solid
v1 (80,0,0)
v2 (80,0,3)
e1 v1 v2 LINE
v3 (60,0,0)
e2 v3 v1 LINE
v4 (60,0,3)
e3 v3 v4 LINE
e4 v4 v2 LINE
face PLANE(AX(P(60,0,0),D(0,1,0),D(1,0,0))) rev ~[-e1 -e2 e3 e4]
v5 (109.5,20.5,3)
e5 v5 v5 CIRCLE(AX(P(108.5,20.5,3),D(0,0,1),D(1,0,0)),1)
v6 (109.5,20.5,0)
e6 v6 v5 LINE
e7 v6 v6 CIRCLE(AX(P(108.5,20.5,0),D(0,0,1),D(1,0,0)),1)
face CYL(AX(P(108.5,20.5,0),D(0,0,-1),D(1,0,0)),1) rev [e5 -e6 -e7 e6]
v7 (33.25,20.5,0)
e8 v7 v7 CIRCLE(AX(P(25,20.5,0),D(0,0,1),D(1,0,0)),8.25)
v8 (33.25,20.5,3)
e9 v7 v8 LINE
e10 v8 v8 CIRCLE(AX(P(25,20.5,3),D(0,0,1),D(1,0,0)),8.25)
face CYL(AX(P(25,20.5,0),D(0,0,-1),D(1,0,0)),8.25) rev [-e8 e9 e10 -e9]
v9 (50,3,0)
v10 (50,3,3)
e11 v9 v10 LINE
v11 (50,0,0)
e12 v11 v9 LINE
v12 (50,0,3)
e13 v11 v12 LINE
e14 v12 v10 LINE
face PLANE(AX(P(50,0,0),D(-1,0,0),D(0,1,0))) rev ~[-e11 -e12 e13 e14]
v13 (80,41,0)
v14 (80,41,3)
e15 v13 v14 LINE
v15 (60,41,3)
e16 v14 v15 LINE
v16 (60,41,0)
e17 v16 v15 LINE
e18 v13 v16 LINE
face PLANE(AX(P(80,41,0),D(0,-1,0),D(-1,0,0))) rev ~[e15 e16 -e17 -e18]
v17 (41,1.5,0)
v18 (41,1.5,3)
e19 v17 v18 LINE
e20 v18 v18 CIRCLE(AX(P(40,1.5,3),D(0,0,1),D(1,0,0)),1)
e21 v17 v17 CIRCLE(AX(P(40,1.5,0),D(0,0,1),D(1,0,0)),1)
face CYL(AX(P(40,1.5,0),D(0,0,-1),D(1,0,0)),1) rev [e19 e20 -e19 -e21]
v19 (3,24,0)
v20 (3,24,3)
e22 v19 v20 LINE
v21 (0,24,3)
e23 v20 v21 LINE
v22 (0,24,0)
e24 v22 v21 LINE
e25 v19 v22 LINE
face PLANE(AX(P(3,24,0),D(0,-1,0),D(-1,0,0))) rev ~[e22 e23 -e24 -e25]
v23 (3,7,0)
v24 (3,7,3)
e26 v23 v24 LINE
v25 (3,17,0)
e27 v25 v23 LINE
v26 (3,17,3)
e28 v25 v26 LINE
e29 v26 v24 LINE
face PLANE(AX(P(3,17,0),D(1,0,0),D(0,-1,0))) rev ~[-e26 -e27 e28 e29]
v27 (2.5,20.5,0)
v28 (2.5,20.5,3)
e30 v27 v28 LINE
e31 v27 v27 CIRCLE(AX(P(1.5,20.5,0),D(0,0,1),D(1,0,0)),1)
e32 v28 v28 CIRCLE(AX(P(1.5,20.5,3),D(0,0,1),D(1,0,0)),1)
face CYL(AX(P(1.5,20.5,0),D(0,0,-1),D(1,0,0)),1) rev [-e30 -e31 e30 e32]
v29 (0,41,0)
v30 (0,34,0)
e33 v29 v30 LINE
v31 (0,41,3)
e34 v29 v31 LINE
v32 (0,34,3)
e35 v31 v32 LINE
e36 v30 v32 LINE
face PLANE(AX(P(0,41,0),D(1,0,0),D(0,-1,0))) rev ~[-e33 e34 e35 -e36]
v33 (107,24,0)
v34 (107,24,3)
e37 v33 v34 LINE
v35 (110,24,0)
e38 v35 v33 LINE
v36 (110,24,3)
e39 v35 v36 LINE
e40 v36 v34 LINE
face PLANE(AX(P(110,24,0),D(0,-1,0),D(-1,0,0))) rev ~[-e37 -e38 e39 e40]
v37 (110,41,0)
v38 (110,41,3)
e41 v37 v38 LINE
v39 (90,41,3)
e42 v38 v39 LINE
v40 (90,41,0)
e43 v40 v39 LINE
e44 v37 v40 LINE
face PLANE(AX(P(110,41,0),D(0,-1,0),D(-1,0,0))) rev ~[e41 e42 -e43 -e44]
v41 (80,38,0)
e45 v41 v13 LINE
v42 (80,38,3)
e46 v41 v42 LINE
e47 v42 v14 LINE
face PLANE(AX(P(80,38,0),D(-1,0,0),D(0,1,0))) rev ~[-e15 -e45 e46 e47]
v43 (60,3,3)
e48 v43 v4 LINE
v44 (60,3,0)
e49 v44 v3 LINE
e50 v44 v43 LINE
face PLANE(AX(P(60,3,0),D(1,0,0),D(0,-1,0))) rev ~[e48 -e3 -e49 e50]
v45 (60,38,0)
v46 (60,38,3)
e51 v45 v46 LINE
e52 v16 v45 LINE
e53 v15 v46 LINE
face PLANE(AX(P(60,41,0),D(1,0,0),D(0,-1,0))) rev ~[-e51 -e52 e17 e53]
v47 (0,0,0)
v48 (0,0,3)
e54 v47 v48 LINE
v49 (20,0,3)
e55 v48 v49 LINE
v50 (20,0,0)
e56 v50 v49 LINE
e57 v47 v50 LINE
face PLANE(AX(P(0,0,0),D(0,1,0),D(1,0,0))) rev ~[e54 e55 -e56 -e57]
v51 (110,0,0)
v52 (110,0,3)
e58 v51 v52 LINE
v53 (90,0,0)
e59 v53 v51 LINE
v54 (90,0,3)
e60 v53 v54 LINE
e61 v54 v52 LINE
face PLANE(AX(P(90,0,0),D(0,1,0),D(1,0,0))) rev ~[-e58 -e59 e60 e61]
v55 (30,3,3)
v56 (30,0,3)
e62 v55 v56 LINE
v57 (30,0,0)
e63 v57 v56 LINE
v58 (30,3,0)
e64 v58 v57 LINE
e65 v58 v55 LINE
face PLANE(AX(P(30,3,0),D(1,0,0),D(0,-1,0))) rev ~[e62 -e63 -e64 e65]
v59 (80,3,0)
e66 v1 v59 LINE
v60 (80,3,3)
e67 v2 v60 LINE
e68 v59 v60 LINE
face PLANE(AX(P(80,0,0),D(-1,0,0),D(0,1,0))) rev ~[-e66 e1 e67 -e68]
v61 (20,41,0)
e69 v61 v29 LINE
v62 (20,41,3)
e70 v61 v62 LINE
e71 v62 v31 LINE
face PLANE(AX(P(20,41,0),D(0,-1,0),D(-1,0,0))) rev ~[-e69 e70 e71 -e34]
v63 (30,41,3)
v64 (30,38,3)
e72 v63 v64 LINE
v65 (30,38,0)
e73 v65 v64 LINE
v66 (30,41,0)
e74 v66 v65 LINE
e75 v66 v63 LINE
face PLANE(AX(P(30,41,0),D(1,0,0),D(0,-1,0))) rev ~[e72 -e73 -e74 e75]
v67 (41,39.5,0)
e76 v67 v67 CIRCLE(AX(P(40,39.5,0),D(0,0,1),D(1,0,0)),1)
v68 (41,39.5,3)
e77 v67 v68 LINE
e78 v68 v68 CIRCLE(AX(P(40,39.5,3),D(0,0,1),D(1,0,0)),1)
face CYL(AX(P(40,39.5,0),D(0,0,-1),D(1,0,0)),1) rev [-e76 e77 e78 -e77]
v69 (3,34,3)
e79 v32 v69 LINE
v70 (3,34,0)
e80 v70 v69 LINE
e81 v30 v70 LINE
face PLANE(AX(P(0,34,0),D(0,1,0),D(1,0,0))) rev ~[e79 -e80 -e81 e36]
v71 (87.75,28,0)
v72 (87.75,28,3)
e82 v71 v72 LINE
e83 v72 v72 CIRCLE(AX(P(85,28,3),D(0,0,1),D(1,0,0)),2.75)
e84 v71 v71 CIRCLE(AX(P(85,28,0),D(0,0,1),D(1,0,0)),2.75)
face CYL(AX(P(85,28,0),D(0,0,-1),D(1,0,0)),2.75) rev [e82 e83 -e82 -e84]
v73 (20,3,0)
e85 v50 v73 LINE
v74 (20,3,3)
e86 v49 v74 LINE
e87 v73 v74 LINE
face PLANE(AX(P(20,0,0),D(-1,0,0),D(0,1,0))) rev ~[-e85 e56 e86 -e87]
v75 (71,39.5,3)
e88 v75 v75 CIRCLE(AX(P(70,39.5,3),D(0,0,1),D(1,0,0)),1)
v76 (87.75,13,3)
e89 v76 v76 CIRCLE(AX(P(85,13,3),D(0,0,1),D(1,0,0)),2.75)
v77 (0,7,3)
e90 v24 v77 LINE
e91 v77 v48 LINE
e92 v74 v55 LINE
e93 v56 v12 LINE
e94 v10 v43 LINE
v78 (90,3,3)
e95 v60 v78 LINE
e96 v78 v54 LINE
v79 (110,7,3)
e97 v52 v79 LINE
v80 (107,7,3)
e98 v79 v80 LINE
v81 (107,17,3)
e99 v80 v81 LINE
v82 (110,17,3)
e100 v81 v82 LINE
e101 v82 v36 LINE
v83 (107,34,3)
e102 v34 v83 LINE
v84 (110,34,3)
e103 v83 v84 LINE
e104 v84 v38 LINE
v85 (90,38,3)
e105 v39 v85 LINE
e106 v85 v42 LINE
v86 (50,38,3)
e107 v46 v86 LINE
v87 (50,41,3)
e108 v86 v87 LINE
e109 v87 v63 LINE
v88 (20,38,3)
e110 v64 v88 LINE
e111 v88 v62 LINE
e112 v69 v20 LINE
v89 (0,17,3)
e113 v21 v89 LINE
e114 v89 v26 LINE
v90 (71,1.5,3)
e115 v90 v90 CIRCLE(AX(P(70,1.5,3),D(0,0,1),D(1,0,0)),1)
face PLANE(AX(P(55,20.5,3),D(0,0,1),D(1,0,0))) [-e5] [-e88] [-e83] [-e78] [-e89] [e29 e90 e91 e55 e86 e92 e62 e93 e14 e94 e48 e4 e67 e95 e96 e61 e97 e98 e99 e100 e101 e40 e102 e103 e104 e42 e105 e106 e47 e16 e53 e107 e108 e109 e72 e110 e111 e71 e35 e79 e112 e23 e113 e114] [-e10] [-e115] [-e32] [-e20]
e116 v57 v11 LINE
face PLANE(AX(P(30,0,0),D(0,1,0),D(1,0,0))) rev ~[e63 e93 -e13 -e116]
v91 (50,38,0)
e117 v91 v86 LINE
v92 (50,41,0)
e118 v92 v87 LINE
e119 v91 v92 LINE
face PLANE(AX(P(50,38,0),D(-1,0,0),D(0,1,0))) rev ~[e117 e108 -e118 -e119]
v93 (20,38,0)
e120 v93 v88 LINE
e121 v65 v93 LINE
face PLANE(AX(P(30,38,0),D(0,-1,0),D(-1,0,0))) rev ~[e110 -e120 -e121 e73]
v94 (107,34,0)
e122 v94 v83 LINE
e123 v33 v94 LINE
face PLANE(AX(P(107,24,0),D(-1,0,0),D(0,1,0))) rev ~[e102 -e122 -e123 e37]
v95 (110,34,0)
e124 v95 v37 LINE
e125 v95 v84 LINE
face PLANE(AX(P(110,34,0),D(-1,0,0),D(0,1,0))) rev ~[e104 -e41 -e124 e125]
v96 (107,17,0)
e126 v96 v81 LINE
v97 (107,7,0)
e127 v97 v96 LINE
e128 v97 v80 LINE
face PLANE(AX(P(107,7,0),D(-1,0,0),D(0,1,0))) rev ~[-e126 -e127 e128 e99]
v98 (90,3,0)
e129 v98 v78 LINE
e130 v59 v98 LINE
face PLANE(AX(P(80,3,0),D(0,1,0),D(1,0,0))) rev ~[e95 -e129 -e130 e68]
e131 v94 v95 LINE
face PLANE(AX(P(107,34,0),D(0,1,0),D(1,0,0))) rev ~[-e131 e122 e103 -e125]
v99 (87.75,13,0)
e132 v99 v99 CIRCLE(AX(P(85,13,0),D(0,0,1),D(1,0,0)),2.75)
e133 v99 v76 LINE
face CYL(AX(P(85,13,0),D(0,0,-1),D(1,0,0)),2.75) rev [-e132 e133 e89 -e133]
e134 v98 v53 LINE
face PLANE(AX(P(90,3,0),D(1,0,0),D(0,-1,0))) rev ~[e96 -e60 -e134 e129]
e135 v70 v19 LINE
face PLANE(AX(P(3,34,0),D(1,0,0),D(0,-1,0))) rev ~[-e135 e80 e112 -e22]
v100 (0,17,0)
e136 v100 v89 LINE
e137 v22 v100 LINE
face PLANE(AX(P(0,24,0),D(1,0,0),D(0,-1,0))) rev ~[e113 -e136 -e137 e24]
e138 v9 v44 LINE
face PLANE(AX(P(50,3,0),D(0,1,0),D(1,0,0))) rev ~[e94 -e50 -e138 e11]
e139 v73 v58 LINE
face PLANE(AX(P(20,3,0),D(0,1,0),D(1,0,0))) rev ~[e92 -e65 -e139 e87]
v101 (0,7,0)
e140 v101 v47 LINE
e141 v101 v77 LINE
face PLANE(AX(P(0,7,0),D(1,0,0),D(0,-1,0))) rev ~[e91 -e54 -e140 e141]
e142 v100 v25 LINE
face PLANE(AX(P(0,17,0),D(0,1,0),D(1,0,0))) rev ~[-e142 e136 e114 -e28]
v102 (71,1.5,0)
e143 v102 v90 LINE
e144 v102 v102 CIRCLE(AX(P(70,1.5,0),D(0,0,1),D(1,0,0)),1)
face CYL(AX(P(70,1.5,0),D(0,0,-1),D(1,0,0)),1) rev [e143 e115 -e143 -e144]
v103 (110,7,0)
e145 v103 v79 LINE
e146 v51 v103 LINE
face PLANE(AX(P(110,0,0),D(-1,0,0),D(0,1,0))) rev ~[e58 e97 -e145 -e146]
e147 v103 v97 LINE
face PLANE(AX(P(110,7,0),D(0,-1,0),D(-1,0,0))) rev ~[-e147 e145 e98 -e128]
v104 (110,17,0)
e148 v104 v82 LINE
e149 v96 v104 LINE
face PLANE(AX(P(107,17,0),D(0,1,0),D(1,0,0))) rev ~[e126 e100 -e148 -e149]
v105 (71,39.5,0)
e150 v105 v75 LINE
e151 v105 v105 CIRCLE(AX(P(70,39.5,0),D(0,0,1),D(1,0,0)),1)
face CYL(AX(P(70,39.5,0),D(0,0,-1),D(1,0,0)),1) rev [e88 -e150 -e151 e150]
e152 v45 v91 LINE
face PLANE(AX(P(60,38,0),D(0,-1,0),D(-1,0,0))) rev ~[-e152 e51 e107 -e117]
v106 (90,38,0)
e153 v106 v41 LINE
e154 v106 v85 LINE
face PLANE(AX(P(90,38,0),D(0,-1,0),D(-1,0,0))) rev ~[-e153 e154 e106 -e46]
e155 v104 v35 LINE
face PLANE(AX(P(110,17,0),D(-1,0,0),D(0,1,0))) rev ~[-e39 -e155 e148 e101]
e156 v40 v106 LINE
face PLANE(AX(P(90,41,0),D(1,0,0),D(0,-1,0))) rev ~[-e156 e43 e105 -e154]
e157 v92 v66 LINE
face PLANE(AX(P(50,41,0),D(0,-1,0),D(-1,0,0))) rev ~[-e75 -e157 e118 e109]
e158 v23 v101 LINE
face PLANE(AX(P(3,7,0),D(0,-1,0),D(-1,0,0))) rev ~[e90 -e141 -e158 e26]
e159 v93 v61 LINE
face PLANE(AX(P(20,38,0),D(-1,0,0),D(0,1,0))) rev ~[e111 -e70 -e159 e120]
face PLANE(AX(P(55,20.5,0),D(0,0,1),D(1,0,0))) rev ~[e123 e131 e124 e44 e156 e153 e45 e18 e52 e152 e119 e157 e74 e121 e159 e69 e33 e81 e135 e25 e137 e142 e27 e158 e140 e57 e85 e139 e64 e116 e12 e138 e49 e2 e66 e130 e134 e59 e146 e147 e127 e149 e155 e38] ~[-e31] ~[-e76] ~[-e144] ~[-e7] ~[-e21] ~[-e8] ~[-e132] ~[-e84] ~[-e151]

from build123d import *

# Parameters (mm, degrees)
F0_R     = 1
F0_R_2   = 2.75
F0_R_3   = 8.25
F1_DEPTH = 3


with BuildPart() as f1:
    # F0 (on Top) → F1 (new body)
    with BuildSketch(Plane.XY):
        Polygon((0, 7), (0, 0), (20, 0), (20, 3), (30, 3), (30, 0), (50, 0), (50, 3), (55, 3), (60, 3), (60, 0), (80, 0), (80, 3), (90, 3), (90, 0), (110, 0), (110, 7), (107, 7), (107, 17), (110, 17), (110, 24), (107, 24), (107, 34), (110, 34), (110, 41), (90, 41), (90, 38), (80, 38), (80, 41), (60, 41), (60, 38), (55, 38), (50, 38), (50, 41), (30, 41), (30, 38), (20, 38), (20, 41), (0, 41), (0, 34), (3, 34), (3, 24), (0, 24), (0, 17), (3, 17), (3, 7), align=None)
        with Locations((40, 1.5)):
            Circle(F0_R, mode=Mode.SUBTRACT)
        with Locations((70, 1.5)):
            Circle(F0_R, mode=Mode.SUBTRACT)
        with Locations((85, 13)):
            Circle(F0_R_2, mode=Mode.SUBTRACT)
        with Locations((1.5, 20.5)):
            Circle(F0_R, mode=Mode.SUBTRACT)
        with Locations((25, 20.5)):
            Circle(F0_R_3, mode=Mode.SUBTRACT)
        with Locations((40, 39.5)):
            Circle(F0_R, mode=Mode.SUBTRACT)
        with Locations((108.5, 20.5)):
            Circle(F0_R, mode=Mode.SUBTRACT)
        with Locations((85, 28)):
            Circle(F0_R_2, mode=Mode.SUBTRACT)
        with Locations((70, 39.5)):
            Circle(F0_R, mode=Mode.SUBTRACT)
    extrude(amount=F1_DEPTH)


solid = f1.part
